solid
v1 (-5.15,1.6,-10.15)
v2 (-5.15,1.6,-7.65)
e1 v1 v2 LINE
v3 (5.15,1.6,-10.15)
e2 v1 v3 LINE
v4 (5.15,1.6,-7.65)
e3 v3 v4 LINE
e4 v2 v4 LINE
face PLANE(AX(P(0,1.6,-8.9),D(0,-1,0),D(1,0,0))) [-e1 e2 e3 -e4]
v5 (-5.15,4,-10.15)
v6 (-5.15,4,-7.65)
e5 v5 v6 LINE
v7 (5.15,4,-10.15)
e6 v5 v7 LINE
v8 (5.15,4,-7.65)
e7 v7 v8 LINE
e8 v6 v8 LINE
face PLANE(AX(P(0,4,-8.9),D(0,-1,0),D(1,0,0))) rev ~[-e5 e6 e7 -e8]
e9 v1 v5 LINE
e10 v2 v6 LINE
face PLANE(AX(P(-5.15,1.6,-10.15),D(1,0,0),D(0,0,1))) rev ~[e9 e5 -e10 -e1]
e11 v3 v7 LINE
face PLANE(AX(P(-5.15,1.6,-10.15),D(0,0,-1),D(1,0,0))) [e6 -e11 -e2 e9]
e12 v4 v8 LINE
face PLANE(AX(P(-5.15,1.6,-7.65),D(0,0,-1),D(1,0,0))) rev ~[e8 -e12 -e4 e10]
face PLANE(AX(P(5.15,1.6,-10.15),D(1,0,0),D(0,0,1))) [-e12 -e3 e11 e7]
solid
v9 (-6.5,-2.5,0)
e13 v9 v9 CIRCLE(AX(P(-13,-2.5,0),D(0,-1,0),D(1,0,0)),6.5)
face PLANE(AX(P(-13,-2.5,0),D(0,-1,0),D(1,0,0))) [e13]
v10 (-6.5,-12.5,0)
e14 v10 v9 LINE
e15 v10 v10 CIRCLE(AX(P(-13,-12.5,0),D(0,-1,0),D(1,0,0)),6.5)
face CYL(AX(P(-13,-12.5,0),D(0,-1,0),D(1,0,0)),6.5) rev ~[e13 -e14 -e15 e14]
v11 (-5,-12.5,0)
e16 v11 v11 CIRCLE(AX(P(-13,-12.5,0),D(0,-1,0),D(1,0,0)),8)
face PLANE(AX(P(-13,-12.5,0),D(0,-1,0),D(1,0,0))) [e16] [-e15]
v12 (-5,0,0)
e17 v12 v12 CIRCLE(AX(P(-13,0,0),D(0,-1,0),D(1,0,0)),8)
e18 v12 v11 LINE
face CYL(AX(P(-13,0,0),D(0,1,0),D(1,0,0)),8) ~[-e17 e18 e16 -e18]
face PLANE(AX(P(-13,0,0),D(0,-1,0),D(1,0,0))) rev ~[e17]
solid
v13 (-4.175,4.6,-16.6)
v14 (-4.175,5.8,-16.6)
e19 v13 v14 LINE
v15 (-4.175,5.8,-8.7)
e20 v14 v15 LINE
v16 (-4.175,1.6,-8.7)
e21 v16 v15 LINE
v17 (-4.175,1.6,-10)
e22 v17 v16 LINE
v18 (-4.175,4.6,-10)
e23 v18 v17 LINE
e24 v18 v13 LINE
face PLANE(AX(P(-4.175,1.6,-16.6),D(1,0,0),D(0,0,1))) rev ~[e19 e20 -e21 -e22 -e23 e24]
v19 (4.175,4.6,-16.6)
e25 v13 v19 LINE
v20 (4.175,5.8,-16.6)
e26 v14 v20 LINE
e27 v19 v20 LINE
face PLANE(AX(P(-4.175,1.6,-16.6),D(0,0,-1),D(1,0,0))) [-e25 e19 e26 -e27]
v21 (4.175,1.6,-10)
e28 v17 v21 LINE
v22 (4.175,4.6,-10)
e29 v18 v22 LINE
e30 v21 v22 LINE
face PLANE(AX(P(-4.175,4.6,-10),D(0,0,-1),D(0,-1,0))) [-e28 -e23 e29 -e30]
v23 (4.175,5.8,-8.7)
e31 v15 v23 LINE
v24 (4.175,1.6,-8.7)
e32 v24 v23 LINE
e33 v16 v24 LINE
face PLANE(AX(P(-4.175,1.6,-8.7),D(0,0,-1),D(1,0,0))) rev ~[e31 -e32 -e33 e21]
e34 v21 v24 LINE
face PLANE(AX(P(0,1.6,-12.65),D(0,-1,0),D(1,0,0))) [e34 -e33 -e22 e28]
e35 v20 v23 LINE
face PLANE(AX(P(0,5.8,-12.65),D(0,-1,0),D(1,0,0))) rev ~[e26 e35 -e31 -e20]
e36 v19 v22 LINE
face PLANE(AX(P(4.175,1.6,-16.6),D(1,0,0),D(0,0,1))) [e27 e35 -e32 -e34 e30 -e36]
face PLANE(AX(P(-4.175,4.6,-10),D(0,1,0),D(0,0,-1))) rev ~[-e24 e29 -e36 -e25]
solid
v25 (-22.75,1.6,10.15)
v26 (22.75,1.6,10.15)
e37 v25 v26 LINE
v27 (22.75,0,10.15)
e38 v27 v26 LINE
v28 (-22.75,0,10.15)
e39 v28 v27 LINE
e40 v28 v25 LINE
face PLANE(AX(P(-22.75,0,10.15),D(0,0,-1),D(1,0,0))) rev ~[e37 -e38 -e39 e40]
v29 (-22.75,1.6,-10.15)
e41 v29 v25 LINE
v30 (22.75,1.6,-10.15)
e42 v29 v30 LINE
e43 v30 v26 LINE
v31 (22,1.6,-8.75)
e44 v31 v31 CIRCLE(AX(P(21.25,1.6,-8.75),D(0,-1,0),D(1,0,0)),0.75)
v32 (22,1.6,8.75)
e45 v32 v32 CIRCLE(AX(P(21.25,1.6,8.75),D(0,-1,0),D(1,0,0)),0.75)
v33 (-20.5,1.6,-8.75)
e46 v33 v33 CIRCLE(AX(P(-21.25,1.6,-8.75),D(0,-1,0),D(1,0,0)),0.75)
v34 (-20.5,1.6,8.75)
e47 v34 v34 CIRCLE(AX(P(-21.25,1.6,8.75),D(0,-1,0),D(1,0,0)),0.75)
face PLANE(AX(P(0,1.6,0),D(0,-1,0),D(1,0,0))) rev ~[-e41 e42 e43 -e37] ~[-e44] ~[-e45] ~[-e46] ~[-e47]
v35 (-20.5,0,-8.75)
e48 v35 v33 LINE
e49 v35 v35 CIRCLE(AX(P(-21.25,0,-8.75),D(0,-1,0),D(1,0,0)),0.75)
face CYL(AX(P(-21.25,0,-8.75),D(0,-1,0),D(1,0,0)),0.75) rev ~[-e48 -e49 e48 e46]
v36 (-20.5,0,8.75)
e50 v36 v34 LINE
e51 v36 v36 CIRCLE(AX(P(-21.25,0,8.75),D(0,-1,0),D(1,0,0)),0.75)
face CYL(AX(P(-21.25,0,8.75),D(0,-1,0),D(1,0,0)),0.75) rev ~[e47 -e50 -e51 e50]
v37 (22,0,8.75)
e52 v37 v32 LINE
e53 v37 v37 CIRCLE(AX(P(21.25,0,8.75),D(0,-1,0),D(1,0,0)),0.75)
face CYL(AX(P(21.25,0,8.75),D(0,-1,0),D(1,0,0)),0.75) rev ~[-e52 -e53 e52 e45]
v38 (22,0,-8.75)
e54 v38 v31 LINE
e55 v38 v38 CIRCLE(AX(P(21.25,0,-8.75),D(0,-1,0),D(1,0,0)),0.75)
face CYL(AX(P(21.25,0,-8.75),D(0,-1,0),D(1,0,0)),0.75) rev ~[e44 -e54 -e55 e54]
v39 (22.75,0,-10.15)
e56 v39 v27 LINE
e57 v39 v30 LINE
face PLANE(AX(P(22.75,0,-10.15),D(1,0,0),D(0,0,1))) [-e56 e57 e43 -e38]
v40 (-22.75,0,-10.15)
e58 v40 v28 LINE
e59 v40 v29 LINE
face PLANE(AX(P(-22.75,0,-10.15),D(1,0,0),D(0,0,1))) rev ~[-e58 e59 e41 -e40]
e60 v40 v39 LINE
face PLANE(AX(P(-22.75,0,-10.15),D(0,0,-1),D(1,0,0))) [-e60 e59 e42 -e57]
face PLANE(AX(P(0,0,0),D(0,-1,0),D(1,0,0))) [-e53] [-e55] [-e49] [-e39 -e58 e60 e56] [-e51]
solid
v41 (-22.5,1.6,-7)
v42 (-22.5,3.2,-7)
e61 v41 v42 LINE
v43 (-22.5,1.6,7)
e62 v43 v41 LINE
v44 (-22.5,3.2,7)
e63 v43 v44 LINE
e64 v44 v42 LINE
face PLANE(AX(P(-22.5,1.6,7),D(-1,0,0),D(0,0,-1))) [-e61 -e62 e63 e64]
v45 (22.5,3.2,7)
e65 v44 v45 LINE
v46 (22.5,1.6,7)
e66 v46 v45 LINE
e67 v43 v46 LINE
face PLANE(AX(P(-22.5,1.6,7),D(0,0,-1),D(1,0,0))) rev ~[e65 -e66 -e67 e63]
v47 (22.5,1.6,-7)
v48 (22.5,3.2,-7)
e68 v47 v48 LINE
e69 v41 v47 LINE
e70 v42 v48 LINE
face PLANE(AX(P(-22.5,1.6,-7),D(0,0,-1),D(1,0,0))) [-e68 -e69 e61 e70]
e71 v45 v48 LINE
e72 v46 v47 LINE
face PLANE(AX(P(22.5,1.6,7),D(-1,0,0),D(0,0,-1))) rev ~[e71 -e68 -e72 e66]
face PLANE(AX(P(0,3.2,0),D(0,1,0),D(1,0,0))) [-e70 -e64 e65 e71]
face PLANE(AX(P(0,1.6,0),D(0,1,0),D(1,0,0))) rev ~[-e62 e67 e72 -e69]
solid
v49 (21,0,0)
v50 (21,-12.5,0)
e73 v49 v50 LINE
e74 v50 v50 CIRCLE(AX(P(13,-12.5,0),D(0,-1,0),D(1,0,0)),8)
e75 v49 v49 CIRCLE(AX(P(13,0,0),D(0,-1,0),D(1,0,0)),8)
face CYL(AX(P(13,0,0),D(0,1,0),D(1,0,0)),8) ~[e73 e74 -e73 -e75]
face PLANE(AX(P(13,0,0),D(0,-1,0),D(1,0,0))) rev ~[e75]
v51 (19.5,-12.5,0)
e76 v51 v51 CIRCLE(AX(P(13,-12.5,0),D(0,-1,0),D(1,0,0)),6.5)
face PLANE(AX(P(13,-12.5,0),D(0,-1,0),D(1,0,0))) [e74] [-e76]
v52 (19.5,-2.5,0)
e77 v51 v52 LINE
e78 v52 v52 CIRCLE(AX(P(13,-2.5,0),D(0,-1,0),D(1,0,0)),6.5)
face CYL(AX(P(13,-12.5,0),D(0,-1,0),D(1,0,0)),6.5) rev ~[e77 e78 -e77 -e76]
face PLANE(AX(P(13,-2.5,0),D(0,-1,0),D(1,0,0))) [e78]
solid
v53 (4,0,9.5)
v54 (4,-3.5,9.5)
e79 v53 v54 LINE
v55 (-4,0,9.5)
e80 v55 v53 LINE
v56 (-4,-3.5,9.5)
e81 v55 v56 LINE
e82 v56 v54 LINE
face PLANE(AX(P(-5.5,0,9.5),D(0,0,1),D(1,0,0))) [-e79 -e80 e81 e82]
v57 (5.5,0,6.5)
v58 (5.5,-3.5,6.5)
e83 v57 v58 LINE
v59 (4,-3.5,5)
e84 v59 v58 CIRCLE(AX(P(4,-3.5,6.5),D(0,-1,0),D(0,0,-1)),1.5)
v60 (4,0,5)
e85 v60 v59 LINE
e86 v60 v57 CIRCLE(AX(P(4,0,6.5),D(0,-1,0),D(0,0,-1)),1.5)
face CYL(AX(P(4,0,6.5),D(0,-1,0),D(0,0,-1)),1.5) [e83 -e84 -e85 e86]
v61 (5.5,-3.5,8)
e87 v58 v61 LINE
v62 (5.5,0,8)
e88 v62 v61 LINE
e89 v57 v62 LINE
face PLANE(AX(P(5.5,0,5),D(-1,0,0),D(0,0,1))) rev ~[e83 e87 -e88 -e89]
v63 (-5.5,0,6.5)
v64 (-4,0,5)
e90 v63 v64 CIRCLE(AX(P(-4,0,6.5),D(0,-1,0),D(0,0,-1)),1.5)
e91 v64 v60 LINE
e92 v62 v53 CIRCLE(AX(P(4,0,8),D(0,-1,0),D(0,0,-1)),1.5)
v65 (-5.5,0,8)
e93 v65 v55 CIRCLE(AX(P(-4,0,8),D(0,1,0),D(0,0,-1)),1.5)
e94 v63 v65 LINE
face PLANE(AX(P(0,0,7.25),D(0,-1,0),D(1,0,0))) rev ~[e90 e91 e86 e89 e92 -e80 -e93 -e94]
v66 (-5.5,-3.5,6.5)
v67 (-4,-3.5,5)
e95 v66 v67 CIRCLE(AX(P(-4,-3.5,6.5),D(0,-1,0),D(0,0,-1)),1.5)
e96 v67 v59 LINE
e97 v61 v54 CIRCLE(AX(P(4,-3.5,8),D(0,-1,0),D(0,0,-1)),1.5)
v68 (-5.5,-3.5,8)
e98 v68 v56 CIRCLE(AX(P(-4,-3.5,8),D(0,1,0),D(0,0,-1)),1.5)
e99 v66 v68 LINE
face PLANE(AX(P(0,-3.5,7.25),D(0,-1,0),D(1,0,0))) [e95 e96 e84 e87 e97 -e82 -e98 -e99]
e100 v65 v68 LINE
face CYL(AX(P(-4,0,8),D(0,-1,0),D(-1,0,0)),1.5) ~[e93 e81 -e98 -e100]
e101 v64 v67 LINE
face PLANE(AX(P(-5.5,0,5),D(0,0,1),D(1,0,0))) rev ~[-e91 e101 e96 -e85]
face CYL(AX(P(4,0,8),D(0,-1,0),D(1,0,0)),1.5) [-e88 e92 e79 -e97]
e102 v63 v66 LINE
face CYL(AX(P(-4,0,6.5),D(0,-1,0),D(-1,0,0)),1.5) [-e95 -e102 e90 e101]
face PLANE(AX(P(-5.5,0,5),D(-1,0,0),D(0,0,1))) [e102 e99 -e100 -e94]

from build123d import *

# Parameters (mm, degrees)
SKETCH_W        = 45.5
SKETCH_H        = 20.3
PAD_DEPTH       = 1.6
SKETCH001_R     = 0.75
POCKET_DEPTH    = 5
SKETCH002_R     = 8
PAD001_DEPTH    = 12.5
SKETCH003_R     = 6.5
POCKET001_DEPTH = 10
SKETCH004_R     = 8
PAD002_DEPTH    = 12.5
SKETCH005_R     = 6.5
POCKET002_DEPTH = 10
SKETCH006_W     = 11
SKETCH006_H     = 4.5
PAD003_DEPTH    = 3.5
FILLET_R        = 1.5
SKETCH007_W     = 10.3
SKETCH007_H     = 2.5
PAD004_DEPTH    = 2.4
SKETCH008_W     = 8.35
SKETCH008_H     = 7.9
PAD005_DEPTH    = 4.2
SKETCH009_W     = 20
SKETCH009_H     = 3
POCKET003_DEPTH = 8.351
SKETCH010_W     = 45
SKETCH010_H     = 14
PAD006_DEPTH    = 1.6


with BuildPart() as mainboard:
    # Sketch → Pad (new body)
    with BuildSketch(Plane.XZ):
        Rectangle(SKETCH_W, SKETCH_H)
    extrude(amount=-PAD_DEPTH)

    # Sketch001 → Pocket (cut)
    with BuildSketch(Plane.XZ):
        with Locations((-21.25, 8.75)):
            Circle(SKETCH001_R)
        with Locations((21.25, 8.75)):
            Circle(SKETCH001_R)
        with Locations((21.25, -8.75)):
            Circle(SKETCH001_R)
        with Locations((-21.25, -8.75)):
            Circle(SKETCH001_R)
    extrude(amount=-POCKET_DEPTH, mode=Mode.SUBTRACT)


with BuildPart() as ussens1:
    # Sketch002 → Pad001 (new body)
    with BuildSketch(Plane.XZ):
        with Locations((-13, 0)):
            Circle(SKETCH002_R)
    extrude(amount=PAD001_DEPTH)

    # Sketch003 (on Face3 of Pad001) → Pocket001 (cut)
    with BuildSketch(Plane.XZ.offset(12.5)):
        with Locations((-13, 0)):
            Circle(SKETCH003_R)
    extrude(amount=-POCKET001_DEPTH, mode=Mode.SUBTRACT)


with BuildPart() as ussens2:
    # Sketch004 → Pad002 (new body)
    with BuildSketch(Plane.XZ):
        with Locations((13, 0)):
            Circle(SKETCH004_R)
    extrude(amount=PAD002_DEPTH)

    # Sketch005 (on Face3 of Pad002) → Pocket002 (cut)
    with BuildSketch(Plane.XZ.offset(12.5)):
        with Locations((13, 0)):
            Circle(SKETCH005_R)
    extrude(amount=-POCKET002_DEPTH, mode=Mode.SUBTRACT)


with BuildPart() as sblock:
    # Sketch006 → Pad003 (new body)
    with BuildSketch(Plane.XZ):
        with Locations((0, 7.25)):
            Rectangle(SKETCH006_W, SKETCH006_H)
    extrude(amount=PAD003_DEPTH)

    # Fillet
    fillet_edges = [sblock.edges().sort_by_distance(p)[0] for p in [
        (-5.5, -1.75, 9.5),
        (5.5, -1.75, 9.5),
        (5.5, -1.75, 5),
        (-5.5, -1.75, 5),
    ]]
    fillet(fillet_edges, radius=FILLET_R)


with BuildPart() as pinblock:
    # Sketch007 (on DatumPlane) → Pad004 (new body)
    with BuildSketch(Plane.XZ.offset(-1.6)):
        with Locations((0, -8.9)):
            Rectangle(SKETCH007_W, SKETCH007_H)
    extrude(amount=-PAD004_DEPTH)


with BuildPart() as pins:
    # Sketch008 (on DatumPlane) → Pad005 (new body)
    with BuildSketch(Plane.XZ.offset(-1.6)):
        with Locations((0, -12.65)):
            Rectangle(SKETCH008_W, SKETCH008_H)
    extrude(amount=-PAD005_DEPTH)

    # Sketch009 (on Face4 of Pad005) → Pocket003 (cut, through all)
    with BuildSketch(Plane(origin=(-4.175, 1.6, 0), x_dir=(0, 0, -1), z_dir=(-1, 0, 0))):
        with Locations((20, -1.5)):
            Rectangle(SKETCH009_W, SKETCH009_H)
    extrude(amount=-POCKET003_DEPTH, mode=Mode.SUBTRACT)


with BuildPart() as backsolderchips:
    # Sketch010 (on Face1 of CopyPocket) → Pad006 (new body)
    with BuildSketch(Plane(origin=(0, 1.6, 0), x_dir=(1, 0, 0), z_dir=(0, 1, 0))):
        Rectangle(SKETCH010_W, SKETCH010_H)
    extrude(amount=PAD006_DEPTH)


solid = Compound([mainboard.part, ussens1.part, ussens2.part, sblock.part, pinblock.part, pins.part, backsolderchips.part])
